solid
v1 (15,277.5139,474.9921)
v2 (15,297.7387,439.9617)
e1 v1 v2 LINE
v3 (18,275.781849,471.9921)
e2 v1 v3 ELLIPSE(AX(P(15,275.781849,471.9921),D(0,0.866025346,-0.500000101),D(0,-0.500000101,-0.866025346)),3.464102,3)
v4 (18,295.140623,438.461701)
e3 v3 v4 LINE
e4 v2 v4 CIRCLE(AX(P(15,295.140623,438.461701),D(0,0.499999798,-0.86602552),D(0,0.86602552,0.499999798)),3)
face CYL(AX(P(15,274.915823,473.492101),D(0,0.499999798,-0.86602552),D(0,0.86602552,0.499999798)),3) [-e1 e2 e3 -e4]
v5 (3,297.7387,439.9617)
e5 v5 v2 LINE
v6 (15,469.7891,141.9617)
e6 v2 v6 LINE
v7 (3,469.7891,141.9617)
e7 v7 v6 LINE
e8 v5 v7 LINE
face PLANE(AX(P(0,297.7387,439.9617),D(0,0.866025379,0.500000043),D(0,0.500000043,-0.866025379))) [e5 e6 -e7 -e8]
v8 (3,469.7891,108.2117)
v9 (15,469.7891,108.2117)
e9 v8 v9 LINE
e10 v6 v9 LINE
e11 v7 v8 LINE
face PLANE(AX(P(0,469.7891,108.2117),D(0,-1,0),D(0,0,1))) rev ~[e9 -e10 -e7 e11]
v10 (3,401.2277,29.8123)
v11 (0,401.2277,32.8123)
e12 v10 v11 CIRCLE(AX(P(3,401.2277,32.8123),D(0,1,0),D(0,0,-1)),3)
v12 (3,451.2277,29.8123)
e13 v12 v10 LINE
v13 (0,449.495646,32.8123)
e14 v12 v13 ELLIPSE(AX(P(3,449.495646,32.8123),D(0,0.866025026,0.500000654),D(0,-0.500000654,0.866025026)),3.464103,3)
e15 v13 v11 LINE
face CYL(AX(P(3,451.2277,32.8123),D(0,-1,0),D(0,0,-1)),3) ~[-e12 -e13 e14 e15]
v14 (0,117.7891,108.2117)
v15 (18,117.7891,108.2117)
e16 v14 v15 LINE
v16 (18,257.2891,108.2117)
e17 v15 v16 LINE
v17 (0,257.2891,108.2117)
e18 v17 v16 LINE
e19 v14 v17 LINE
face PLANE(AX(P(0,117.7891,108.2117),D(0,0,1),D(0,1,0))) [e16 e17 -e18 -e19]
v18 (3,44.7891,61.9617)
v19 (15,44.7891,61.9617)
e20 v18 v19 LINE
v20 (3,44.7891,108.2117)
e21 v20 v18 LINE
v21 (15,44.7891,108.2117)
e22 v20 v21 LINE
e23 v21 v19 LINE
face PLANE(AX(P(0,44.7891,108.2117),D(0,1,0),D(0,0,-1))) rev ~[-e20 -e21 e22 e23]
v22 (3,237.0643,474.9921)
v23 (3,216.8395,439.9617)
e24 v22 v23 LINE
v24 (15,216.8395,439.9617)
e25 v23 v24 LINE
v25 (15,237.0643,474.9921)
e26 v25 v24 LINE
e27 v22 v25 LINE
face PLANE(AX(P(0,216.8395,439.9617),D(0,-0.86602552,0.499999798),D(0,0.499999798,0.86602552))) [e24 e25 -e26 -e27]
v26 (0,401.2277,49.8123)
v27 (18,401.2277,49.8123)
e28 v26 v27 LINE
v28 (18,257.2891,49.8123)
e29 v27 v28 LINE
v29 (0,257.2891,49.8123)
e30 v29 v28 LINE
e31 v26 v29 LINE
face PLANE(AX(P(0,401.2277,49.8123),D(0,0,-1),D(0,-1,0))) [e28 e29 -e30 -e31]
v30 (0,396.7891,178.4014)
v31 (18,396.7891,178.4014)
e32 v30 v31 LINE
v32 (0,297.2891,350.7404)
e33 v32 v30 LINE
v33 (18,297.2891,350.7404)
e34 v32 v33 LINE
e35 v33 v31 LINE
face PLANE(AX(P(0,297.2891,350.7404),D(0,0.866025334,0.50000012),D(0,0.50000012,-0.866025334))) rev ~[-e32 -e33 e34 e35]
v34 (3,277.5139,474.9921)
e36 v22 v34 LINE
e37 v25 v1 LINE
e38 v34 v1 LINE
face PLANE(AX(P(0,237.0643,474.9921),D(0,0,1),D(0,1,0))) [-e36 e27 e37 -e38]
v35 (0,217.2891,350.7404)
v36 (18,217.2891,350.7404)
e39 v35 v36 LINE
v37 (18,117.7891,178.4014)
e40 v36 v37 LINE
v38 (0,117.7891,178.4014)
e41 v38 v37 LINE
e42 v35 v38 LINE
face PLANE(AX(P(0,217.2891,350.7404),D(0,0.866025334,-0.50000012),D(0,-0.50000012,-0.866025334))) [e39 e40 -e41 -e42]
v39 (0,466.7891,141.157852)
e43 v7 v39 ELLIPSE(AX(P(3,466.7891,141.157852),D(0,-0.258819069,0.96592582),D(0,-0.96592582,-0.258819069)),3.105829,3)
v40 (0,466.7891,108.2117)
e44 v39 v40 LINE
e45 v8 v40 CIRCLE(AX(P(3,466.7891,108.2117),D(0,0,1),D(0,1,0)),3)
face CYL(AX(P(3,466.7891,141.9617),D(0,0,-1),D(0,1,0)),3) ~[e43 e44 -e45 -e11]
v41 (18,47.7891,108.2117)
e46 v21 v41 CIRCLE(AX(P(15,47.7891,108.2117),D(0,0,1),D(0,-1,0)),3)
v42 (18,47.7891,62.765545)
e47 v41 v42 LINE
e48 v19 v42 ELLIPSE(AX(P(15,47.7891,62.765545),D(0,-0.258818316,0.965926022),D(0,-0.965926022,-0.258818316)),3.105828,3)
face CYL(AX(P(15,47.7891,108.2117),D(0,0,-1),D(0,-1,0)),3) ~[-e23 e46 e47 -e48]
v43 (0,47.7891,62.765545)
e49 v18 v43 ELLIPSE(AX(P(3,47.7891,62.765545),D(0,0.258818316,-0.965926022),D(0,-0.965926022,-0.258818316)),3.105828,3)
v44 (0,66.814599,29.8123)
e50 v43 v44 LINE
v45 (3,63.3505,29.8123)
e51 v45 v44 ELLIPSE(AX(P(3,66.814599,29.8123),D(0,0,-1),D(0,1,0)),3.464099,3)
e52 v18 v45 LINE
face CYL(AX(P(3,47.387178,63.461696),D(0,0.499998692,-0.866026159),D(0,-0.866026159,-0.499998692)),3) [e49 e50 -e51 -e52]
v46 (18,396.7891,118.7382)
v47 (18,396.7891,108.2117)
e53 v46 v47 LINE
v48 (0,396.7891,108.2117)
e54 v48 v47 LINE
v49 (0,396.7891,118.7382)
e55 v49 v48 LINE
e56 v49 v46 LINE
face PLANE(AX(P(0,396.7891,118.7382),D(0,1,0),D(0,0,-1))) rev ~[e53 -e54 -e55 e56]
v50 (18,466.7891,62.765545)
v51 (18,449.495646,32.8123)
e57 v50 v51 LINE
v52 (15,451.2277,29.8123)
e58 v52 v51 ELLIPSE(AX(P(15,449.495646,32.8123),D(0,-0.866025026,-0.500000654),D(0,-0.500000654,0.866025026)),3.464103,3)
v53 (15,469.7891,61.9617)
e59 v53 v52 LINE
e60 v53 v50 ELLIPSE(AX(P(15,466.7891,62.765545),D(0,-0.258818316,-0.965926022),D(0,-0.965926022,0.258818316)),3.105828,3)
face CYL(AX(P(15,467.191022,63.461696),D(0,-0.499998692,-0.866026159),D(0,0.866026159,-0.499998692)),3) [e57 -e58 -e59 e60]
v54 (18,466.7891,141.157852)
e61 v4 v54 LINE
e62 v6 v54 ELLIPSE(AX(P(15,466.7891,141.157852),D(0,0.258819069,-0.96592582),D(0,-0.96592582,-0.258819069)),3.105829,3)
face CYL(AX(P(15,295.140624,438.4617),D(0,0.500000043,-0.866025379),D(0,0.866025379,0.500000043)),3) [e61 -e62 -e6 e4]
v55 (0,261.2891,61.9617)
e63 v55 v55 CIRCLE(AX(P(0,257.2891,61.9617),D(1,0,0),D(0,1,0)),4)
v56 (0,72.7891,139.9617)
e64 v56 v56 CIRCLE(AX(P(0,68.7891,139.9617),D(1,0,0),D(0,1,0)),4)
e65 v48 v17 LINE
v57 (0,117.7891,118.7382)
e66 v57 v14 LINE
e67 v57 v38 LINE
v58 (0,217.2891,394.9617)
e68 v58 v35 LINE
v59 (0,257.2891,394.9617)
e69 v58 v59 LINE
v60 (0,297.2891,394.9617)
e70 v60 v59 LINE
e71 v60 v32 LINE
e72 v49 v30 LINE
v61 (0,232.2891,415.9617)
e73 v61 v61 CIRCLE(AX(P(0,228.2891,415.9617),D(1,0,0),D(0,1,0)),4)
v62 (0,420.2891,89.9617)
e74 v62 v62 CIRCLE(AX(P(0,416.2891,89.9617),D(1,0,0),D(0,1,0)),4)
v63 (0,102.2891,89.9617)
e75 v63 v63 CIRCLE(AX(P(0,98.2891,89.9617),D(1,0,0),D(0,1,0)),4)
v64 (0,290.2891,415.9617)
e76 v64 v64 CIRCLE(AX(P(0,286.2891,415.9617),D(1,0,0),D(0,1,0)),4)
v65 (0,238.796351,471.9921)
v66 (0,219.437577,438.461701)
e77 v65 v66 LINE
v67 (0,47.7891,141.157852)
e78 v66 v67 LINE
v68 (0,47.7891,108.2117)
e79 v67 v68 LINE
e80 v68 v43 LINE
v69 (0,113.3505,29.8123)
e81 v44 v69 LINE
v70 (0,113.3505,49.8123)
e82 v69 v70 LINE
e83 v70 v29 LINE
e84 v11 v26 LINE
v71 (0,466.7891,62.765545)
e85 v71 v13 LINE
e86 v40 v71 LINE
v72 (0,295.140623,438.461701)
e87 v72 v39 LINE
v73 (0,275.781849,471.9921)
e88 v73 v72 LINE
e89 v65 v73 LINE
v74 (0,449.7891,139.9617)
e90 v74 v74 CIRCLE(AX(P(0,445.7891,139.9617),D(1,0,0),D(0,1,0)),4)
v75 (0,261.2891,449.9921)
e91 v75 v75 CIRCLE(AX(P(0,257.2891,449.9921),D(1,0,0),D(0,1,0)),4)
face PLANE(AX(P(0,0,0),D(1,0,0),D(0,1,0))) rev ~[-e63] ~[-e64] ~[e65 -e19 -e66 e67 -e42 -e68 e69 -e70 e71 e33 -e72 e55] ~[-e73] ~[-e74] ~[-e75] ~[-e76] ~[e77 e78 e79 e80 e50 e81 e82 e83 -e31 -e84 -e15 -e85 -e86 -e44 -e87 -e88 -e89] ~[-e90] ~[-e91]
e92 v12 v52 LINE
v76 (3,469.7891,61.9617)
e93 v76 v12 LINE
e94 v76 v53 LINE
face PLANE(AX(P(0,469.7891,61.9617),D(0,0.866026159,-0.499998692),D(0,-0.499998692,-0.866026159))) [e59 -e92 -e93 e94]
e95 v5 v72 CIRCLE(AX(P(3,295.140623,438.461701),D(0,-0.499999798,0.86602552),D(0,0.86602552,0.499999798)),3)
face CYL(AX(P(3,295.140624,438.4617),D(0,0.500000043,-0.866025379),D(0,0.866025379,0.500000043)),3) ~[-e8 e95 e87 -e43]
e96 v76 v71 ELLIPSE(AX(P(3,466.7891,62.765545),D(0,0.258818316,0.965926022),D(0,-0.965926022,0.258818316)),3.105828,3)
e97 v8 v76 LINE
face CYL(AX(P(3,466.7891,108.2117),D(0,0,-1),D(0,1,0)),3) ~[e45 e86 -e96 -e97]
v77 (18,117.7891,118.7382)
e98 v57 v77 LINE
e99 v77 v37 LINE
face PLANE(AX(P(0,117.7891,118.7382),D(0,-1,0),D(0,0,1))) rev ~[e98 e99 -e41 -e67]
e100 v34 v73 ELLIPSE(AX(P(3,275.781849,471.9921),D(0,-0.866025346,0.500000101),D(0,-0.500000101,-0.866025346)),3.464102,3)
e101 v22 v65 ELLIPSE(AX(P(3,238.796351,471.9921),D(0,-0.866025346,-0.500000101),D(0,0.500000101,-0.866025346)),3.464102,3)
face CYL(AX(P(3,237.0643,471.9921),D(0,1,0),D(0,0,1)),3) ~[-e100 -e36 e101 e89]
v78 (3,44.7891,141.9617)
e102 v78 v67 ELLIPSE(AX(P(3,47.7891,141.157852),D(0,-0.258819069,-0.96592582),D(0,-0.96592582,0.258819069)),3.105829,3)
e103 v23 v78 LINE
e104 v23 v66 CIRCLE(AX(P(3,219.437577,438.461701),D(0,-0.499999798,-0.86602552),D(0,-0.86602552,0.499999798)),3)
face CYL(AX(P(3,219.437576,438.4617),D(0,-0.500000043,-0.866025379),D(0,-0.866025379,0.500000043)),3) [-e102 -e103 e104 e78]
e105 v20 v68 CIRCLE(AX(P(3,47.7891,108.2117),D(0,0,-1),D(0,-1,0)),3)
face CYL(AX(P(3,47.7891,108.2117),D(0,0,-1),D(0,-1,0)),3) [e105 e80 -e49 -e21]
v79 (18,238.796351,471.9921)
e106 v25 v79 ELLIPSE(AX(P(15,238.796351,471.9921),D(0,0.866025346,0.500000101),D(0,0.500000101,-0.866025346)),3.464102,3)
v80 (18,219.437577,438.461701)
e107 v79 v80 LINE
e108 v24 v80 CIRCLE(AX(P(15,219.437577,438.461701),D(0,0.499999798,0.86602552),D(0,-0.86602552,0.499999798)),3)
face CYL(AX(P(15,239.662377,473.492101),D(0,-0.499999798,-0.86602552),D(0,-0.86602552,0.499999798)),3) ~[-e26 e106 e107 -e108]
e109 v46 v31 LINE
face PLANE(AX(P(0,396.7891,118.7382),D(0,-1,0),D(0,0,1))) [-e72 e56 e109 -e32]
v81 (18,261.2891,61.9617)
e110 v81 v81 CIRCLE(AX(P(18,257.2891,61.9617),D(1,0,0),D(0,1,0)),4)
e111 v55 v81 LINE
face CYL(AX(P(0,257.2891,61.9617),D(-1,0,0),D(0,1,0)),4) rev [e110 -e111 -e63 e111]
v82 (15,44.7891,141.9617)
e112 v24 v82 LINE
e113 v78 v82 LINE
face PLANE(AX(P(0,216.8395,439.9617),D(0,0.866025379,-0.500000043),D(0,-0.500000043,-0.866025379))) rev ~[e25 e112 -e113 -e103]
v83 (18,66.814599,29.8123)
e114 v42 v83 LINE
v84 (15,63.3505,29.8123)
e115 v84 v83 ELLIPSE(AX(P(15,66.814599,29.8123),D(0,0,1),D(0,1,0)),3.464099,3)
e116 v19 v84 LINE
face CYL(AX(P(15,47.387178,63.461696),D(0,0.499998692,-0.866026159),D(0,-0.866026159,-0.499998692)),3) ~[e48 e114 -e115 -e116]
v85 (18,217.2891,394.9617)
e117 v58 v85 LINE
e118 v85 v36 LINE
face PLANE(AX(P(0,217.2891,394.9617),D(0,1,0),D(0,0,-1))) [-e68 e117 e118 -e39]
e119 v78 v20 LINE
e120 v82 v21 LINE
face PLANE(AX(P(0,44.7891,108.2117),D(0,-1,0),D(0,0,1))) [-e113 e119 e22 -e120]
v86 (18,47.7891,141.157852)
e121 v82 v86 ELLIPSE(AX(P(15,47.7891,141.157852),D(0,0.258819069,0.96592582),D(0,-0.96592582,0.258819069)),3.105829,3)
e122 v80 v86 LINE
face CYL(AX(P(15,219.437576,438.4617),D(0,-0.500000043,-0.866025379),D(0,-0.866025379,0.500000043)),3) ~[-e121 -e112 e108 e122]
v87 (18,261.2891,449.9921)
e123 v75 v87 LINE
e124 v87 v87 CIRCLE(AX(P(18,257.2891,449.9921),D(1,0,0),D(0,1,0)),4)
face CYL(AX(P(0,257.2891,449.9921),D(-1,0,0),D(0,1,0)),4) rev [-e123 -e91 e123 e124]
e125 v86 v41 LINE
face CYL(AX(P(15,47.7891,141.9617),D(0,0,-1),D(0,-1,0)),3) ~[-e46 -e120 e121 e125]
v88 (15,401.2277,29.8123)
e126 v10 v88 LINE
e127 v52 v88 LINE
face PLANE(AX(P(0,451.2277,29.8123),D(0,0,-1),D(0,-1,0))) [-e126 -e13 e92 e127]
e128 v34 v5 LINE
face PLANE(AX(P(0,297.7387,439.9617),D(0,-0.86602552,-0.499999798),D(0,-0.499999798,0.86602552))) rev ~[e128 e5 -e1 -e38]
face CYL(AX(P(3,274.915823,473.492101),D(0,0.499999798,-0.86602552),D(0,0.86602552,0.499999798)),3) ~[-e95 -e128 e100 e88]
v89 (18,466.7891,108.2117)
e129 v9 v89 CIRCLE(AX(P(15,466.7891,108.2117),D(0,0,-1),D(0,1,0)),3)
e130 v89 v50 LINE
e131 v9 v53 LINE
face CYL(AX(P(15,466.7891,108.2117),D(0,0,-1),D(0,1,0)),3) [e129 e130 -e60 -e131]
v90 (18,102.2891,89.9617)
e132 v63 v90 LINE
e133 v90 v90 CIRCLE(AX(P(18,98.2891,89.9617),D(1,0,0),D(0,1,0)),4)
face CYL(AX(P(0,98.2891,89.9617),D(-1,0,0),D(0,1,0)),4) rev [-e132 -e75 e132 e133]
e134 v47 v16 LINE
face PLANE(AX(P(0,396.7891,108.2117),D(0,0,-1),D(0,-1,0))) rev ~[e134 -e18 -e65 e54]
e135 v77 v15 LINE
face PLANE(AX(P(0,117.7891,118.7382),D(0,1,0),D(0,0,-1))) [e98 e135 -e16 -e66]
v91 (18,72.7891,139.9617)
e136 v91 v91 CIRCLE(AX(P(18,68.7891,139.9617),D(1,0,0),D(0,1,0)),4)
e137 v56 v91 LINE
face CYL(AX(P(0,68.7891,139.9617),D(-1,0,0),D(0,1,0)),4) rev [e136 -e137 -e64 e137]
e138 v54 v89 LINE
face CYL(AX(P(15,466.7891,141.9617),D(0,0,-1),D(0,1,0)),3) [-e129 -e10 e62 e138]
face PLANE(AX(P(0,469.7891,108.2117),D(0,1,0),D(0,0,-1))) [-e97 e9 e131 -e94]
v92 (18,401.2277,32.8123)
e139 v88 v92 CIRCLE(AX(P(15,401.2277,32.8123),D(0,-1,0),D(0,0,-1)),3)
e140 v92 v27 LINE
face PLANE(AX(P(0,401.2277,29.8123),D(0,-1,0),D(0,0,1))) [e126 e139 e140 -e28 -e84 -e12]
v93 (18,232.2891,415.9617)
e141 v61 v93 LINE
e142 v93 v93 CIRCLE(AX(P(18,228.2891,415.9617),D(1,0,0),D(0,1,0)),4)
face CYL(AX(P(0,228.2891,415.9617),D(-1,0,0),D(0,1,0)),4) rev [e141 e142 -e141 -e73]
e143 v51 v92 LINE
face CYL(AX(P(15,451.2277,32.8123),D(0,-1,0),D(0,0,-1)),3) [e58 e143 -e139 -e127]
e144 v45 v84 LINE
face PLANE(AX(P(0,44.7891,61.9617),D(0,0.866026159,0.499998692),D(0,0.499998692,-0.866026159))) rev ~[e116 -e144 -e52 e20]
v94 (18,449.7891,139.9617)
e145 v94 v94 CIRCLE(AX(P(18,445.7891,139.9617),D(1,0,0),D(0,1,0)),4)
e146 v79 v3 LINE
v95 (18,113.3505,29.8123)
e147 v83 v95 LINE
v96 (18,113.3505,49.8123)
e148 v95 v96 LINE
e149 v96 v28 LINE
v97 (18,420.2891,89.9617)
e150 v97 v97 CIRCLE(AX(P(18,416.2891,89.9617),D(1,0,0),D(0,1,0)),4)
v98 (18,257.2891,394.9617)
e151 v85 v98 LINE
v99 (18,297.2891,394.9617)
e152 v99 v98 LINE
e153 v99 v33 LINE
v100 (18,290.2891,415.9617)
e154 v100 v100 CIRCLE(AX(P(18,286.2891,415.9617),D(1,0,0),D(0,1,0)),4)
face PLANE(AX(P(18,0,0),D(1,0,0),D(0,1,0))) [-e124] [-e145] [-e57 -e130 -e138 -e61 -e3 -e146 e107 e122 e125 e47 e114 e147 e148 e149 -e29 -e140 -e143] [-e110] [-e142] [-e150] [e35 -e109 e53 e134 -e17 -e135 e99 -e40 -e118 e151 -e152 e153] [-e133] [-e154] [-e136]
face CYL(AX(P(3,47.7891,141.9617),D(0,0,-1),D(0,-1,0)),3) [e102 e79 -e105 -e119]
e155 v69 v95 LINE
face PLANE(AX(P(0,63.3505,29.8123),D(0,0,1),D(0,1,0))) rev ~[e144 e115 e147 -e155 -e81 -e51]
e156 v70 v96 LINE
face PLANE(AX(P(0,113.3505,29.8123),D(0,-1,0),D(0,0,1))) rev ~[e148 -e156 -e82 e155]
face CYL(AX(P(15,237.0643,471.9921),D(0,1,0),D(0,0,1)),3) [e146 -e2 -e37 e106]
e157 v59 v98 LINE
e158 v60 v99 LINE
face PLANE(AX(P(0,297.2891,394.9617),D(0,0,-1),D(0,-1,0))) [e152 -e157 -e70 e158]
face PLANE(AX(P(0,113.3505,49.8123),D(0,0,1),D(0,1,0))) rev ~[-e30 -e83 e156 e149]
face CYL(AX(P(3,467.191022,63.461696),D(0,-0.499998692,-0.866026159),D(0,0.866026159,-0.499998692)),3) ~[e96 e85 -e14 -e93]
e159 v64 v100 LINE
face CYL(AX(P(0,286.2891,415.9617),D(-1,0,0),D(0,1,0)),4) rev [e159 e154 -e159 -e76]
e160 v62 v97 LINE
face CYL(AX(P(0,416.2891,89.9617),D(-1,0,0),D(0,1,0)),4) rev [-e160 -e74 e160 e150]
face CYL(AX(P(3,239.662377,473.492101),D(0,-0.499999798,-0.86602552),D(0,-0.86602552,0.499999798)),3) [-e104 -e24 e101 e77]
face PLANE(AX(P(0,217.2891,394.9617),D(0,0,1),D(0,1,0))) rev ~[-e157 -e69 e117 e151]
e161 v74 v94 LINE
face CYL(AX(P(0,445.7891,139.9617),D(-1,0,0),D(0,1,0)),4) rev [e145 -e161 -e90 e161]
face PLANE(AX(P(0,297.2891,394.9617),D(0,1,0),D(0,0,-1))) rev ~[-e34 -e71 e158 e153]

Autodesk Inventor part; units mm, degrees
ref_plane "YZ Plane" through (0, 0, 0) normal (1, 0, 0) x (0, 1, 0)
ref_plane "XZ Plane" through (0, 0, 0) normal (0, 1, 0) x (-1, 0, 0)
ref_plane "XY Plane" through (0, 0, 0) normal (0, 0, 1) x (1, 0, 0)
sketch "Sketch1" plane through (0, 0, 0) normal (1, 0, 0) x (0, 1, 0)
  line L0 (216.8395, 439.9617) -> (44.7891, 141.9617)
  line L1 (117.7891, 118.7382) -> (117.7891, 178.4014)
  line L2 (117.7891, 118.7382) -> (117.7891, 108.2117)
  line L3 (117.7891, 108.2117) -> (257.2891, 108.2117)
  line L4 (44.7891, 108.2117) -> (44.7891, 141.9617)
  line L5 (44.7891, 141.9617) -> (44.7891, 61.9617)
  line L6 (217.2891, 394.9617) -> (217.2891, 350.7404)
  line L7 (217.2891, 350.7404) -> (117.7891, 178.4014)
  line L8 (217.2891, 394.9617) -> (257.2891, 394.9617)
  line L9 (297.7387, 439.9617) -> (469.7891, 141.9617)
  line L10 (297.2891, 350.7404) -> (396.7891, 178.4014)
  line L11 (396.7891, 108.2117) -> (257.2891, 108.2117)
  line L12 (396.7891, 118.7382) -> (396.7891, 178.4014)
  line L13 (396.7891, 118.7382) -> (396.7891, 108.2117)
  line L14 (469.7891, 108.2117) -> (469.7891, 141.9617)
  line L15 (469.7891, 141.9617) -> (469.7891, 61.9617)
  line L16 (297.2891, 394.9617) -> (297.2891, 350.7404)
  line L17 (297.2891, 394.9617) -> (257.2891, 394.9617)
  line L18 (216.8395, 439.9617) -> (237.0643, 474.9921)
  line L19 (297.7387, 439.9617) -> (277.5139, 474.9921)
  line L20 (237.0643, 474.9921) -> (277.5139, 474.9921)
  line L21 (44.7891, 61.9617) -> (63.3505, 29.8123)
  line L22 (63.3505, 29.8123) -> (113.3505, 29.8123)
  line L23 (113.3505, 29.8123) -> (113.3505, 49.8123)
  line L24 (113.3505, 49.8123) -> (257.2891, 49.8123)
  line L25 (469.7891, 61.9617) -> (451.2277, 29.8123)
  line L26 (451.2277, 29.8123) -> (401.2277, 29.8123)
  line L27 (401.2277, 29.8123) -> (401.2277, 49.8123)
  line L28 (401.2277, 49.8123) -> (257.2891, 49.8123)
  circle A0 centre (416.2891, 89.9617) radius 4
  circle A1 centre (445.7891, 139.9617) radius 4
  circle A2 centre (257.2891, 61.9617) radius 4
  circle A3 centre (98.2891, 89.9617) radius 4
  circle A4 centre (68.7891, 139.9617) radius 4
  circle A5 centre (286.2891, 415.9617) radius 4
  circle A6 centre (257.2891, 449.9921) radius 4
  circle A7 centre (228.2891, 415.9617) radius 4
  line L29 (117.7891, 108.2117) -> (396.7891, 108.2117)
  line L30 (396.7891, 108.2117) -> (396.7891, 178.4014)
  line L31 (396.7891, 178.4014) -> (297.2891, 350.7404)
  line L32 (297.2891, 350.7404) -> (297.2891, 394.9617)
  line L33 (297.2891, 394.9617) -> (217.2891, 394.9617)
  line L34 (217.2891, 394.9617) -> (217.2891, 350.7404)
  line L35 (217.2891, 350.7404) -> (117.7891, 178.4014)
  line L36 (117.7891, 178.4014) -> (117.7891, 108.2117)
  line L37 (237.0643, 474.9921) -> (277.5139, 474.9921)
  line L38 (277.5139, 474.9921) -> (469.7891, 141.9617)
  line L39 (469.7891, 141.9617) -> (469.7891, 61.9617)
  line L40 (469.7891, 61.9617) -> (451.2277, 29.8123)
  line L41 (451.2277, 29.8123) -> (401.2277, 29.8123)
  line L42 (401.2277, 29.8123) -> (401.2277, 49.8123)
  line L43 (401.2277, 49.8123) -> (113.3505, 49.8123)
  line L44 (113.3505, 49.8123) -> (113.3505, 29.8123)
  line L45 (113.3505, 29.8123) -> (63.3505, 29.8123)
  line L46 (63.3505, 29.8123) -> (44.7891, 61.9617)
  line L47 (44.7891, 61.9617) -> (44.7891, 141.9617)
  line L48 (44.7891, 141.9617) -> (237.0643, 474.9921)
  point P0 (0, 0)
  dimension "d29" = 29.5
extrude "Extrusion1" add sketch "Sketch1" along normal blind 18
fillet "Fillet1" radius 3 16 edges at (0, 140.9267, 308.4769) (18, 140.9267, 308.4769) (0, 44.7891, 101.9617) (18, 44.7891, 101.9617) (0, 54.0698, 45.887) (18, 54.0698, 45.887) (0, 426.2277, 29.8123) (18, 426.2277, 29.8123) (0, 460.5084, 45.887) (18, 460.5084, 45.887) (0, 469.7891, 101.9617) (18, 469.7891, 101.9617) (0, 373.6515, 308.4769) (18, 373.6515, 308.4769) (0, 257.2891, 474.9921) (18, 257.2891, 474.9921)
properties part number "A_Frame_V2" material "MDF Medium Density Fiberboard"
